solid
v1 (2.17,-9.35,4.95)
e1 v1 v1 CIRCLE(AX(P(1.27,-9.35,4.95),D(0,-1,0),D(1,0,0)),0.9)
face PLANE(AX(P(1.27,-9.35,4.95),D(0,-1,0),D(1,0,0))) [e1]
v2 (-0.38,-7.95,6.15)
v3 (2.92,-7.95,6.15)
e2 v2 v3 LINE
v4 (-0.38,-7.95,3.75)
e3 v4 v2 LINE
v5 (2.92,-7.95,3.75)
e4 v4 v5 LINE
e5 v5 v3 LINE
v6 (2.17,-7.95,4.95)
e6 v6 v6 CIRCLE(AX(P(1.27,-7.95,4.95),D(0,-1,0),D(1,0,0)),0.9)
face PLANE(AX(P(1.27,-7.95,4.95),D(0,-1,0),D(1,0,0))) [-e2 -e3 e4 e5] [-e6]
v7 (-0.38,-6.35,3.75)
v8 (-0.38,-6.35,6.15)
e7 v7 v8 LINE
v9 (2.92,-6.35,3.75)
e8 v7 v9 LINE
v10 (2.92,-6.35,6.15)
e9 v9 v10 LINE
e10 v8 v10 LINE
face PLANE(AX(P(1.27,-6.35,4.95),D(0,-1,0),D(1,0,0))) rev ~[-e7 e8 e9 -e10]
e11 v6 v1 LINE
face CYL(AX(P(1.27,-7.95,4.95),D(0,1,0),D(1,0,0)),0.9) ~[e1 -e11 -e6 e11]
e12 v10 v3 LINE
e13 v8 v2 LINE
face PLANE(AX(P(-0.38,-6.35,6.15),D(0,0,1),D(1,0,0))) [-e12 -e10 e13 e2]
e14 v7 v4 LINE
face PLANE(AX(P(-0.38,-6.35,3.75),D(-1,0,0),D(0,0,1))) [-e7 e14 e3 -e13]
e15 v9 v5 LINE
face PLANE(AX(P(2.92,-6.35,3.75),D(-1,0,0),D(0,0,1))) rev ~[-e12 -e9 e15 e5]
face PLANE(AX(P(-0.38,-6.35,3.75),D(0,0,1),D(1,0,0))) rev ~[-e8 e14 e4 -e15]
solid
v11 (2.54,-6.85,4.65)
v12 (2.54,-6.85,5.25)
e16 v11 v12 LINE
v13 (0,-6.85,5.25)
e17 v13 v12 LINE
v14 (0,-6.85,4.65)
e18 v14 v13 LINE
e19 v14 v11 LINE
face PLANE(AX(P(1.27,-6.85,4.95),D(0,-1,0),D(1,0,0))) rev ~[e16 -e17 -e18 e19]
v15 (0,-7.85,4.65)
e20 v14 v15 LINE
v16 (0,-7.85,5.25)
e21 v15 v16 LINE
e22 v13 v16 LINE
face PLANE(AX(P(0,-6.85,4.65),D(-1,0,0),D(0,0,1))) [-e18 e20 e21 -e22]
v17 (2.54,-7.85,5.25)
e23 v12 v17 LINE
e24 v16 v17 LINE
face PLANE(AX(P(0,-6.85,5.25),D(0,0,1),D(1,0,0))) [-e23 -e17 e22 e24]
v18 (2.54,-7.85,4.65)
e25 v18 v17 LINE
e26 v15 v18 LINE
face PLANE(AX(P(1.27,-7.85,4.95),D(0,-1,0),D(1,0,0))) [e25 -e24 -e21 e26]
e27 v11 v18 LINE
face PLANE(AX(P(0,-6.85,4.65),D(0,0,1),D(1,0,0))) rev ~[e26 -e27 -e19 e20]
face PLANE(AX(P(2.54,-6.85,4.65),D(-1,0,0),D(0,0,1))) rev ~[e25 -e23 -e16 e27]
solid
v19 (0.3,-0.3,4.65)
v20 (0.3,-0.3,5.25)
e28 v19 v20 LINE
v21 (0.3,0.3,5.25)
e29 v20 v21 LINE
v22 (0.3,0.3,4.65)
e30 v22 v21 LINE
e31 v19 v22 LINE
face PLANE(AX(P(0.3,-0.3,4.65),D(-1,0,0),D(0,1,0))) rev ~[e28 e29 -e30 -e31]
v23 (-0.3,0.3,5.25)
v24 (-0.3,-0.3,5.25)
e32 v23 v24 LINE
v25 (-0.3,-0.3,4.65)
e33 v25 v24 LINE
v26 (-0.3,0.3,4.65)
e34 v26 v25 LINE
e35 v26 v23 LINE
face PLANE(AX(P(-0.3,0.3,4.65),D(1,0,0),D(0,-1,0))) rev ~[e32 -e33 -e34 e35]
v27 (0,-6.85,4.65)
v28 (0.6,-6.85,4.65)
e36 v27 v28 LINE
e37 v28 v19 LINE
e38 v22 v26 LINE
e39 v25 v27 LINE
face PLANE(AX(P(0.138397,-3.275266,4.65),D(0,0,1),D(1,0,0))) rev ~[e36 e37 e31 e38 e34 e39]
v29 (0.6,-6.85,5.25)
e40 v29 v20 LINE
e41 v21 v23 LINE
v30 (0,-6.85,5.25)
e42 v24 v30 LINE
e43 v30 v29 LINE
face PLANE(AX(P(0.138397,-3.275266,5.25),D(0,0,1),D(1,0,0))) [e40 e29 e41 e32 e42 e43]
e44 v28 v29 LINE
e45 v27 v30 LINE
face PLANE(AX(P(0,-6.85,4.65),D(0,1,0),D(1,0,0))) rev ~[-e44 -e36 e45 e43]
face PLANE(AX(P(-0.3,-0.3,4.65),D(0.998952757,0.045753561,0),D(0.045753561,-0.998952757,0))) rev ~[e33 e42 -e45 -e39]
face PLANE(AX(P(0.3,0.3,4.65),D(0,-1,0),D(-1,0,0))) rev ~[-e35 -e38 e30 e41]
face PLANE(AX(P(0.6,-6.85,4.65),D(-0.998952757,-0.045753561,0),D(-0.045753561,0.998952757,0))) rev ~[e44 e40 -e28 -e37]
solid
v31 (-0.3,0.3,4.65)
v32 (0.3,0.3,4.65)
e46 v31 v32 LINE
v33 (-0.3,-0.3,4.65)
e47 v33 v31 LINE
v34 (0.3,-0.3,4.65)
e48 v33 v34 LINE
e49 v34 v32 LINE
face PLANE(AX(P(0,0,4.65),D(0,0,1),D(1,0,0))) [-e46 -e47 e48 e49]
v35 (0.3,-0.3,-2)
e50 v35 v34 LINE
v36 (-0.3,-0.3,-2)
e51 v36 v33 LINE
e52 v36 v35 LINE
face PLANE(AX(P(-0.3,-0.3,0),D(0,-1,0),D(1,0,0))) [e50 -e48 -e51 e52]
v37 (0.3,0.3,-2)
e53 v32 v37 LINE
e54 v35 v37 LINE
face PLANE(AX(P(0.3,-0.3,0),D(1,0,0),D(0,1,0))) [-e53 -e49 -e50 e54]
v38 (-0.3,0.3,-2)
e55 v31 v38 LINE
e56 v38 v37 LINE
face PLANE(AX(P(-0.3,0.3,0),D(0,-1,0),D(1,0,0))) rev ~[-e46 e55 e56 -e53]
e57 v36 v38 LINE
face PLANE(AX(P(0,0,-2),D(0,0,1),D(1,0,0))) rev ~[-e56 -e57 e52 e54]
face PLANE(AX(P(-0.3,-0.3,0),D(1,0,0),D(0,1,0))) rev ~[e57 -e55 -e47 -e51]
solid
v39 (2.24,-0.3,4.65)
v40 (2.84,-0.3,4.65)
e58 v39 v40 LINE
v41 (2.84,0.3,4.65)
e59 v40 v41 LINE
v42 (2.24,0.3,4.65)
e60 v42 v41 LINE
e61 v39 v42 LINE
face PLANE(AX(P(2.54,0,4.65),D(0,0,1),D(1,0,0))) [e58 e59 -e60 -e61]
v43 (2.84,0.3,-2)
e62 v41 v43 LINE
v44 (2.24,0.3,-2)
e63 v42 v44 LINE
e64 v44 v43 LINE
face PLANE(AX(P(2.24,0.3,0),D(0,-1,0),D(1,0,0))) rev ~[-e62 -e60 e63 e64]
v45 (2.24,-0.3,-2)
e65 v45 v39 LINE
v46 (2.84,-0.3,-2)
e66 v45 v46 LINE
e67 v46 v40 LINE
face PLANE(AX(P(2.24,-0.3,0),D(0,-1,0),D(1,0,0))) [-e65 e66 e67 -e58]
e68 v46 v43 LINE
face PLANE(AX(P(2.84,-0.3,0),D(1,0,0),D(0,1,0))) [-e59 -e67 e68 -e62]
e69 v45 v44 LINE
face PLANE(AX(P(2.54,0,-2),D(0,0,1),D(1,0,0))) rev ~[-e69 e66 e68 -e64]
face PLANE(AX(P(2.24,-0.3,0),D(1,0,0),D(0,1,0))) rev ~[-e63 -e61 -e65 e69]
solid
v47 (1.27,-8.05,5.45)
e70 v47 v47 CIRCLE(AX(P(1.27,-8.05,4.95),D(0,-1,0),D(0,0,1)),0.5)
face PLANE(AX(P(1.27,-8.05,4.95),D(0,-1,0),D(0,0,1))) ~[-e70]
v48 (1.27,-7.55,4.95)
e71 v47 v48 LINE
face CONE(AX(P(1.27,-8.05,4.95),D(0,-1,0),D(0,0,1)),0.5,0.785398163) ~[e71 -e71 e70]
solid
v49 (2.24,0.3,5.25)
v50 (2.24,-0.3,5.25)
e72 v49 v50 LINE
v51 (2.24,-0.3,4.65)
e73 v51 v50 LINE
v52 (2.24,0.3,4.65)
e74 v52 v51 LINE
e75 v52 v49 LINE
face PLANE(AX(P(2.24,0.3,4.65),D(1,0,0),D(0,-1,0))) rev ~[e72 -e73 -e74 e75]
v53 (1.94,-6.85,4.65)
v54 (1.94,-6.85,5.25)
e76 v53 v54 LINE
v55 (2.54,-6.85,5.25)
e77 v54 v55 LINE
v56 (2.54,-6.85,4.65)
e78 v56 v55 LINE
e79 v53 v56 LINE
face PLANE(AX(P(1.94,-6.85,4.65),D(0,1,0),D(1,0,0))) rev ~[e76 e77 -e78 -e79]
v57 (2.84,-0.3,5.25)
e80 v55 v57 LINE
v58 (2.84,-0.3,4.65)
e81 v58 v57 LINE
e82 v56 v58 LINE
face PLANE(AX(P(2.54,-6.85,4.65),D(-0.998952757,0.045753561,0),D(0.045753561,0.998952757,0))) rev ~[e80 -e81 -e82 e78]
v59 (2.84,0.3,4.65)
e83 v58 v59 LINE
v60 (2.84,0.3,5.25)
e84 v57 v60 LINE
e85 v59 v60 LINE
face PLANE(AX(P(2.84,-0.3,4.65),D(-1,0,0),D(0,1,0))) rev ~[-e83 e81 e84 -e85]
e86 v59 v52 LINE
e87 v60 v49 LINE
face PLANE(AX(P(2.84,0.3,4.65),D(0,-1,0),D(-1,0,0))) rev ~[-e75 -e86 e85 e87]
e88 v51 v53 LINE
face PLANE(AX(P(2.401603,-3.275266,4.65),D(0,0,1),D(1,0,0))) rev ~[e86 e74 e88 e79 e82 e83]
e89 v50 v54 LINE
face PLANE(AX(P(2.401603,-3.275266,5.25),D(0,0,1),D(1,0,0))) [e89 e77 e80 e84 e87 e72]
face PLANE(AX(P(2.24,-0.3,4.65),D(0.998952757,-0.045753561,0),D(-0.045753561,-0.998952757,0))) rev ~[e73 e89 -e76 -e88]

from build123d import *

# Parameters (mm, degrees)
SKETCH_W       = 0.6
SKETCH_H       = 0.6
PAD_DEPTH      = 4.65
PAD_DEPTH_BACK = 2
PAD001_DEPTH   = 0.6
SKETCH002_W    = 2.54
SKETCH002_H    = 0.6
PAD002_DEPTH   = 1
SKETCH004_W    = 3.3
SKETCH004_H    = 2.4
PAD003_DEPTH   = 1.6
SKETCH006_R    = 0.9
PAD004_DEPTH   = 1.4


with BuildPart() as pad:
    # Sketch → Pad (new body, two sides)
    with BuildSketch(Plane.XY) as pad_sk:
        Rectangle(SKETCH_W, SKETCH_H)
        with Locations((2.54, 0)):
            Rectangle(SKETCH_W, SKETCH_H)
    extrude(amount=PAD_DEPTH)
    extrude(pad_sk.sketch, amount=-PAD_DEPTH_BACK)


with BuildPart() as pad001:
    # Sketch001 → Pad001 (new body)
    with BuildSketch(Plane.XY.offset(4.65)):
        Polygon((0.3, 0.3), (-0.3, 0.3), (-0.3, -0.3), (0, -6.85), (0.6, -6.85), (0.3, -0.3), align=None)
        Polygon((2.84, 0.3), (2.24, 0.3), (2.24, -0.3), (1.94, -6.85), (2.54, -6.85), (2.84, -0.3), align=None)
    extrude(amount=PAD001_DEPTH)


with BuildPart() as pad002:
    # Sketch002 → Pad002 (new body)
    with BuildSketch(Plane.XZ.offset(6.85)):
        with Locations((1.27, 4.95)):
            Rectangle(SKETCH002_W, SKETCH002_H)
    extrude(amount=PAD002_DEPTH)


with BuildPart() as revolution001:
    # Sketch005 → Revolution001 (revolve)
    with BuildSketch(Plane.YZ.offset(1.27)):
        Polygon((-7.55, 4.95), (-8.05, 4.95), (-8.05, 5.45), align=None)
    revolve(axis=Axis((1.27, -3.977201, 4.95), (0, -1, 0)))


with BuildPart() as pad004:
    # Sketch004 → Pad003 (new body)
    with BuildSketch(Plane.XZ.offset(6.35)):
        with Locations((1.27, 4.95)):
            Rectangle(SKETCH004_W, SKETCH004_H)
    extrude(amount=PAD003_DEPTH)

    # Sketch006 → Pad004 (new body)
    with BuildSketch(Plane.XZ.offset(7.95)):
        with Locations((1.27, 4.95)):
            Circle(SKETCH006_R)
    extrude(amount=PAD004_DEPTH)


solid = Compound([pad.part, pad001.part, pad002.part, revolution001.part, pad004.part])
